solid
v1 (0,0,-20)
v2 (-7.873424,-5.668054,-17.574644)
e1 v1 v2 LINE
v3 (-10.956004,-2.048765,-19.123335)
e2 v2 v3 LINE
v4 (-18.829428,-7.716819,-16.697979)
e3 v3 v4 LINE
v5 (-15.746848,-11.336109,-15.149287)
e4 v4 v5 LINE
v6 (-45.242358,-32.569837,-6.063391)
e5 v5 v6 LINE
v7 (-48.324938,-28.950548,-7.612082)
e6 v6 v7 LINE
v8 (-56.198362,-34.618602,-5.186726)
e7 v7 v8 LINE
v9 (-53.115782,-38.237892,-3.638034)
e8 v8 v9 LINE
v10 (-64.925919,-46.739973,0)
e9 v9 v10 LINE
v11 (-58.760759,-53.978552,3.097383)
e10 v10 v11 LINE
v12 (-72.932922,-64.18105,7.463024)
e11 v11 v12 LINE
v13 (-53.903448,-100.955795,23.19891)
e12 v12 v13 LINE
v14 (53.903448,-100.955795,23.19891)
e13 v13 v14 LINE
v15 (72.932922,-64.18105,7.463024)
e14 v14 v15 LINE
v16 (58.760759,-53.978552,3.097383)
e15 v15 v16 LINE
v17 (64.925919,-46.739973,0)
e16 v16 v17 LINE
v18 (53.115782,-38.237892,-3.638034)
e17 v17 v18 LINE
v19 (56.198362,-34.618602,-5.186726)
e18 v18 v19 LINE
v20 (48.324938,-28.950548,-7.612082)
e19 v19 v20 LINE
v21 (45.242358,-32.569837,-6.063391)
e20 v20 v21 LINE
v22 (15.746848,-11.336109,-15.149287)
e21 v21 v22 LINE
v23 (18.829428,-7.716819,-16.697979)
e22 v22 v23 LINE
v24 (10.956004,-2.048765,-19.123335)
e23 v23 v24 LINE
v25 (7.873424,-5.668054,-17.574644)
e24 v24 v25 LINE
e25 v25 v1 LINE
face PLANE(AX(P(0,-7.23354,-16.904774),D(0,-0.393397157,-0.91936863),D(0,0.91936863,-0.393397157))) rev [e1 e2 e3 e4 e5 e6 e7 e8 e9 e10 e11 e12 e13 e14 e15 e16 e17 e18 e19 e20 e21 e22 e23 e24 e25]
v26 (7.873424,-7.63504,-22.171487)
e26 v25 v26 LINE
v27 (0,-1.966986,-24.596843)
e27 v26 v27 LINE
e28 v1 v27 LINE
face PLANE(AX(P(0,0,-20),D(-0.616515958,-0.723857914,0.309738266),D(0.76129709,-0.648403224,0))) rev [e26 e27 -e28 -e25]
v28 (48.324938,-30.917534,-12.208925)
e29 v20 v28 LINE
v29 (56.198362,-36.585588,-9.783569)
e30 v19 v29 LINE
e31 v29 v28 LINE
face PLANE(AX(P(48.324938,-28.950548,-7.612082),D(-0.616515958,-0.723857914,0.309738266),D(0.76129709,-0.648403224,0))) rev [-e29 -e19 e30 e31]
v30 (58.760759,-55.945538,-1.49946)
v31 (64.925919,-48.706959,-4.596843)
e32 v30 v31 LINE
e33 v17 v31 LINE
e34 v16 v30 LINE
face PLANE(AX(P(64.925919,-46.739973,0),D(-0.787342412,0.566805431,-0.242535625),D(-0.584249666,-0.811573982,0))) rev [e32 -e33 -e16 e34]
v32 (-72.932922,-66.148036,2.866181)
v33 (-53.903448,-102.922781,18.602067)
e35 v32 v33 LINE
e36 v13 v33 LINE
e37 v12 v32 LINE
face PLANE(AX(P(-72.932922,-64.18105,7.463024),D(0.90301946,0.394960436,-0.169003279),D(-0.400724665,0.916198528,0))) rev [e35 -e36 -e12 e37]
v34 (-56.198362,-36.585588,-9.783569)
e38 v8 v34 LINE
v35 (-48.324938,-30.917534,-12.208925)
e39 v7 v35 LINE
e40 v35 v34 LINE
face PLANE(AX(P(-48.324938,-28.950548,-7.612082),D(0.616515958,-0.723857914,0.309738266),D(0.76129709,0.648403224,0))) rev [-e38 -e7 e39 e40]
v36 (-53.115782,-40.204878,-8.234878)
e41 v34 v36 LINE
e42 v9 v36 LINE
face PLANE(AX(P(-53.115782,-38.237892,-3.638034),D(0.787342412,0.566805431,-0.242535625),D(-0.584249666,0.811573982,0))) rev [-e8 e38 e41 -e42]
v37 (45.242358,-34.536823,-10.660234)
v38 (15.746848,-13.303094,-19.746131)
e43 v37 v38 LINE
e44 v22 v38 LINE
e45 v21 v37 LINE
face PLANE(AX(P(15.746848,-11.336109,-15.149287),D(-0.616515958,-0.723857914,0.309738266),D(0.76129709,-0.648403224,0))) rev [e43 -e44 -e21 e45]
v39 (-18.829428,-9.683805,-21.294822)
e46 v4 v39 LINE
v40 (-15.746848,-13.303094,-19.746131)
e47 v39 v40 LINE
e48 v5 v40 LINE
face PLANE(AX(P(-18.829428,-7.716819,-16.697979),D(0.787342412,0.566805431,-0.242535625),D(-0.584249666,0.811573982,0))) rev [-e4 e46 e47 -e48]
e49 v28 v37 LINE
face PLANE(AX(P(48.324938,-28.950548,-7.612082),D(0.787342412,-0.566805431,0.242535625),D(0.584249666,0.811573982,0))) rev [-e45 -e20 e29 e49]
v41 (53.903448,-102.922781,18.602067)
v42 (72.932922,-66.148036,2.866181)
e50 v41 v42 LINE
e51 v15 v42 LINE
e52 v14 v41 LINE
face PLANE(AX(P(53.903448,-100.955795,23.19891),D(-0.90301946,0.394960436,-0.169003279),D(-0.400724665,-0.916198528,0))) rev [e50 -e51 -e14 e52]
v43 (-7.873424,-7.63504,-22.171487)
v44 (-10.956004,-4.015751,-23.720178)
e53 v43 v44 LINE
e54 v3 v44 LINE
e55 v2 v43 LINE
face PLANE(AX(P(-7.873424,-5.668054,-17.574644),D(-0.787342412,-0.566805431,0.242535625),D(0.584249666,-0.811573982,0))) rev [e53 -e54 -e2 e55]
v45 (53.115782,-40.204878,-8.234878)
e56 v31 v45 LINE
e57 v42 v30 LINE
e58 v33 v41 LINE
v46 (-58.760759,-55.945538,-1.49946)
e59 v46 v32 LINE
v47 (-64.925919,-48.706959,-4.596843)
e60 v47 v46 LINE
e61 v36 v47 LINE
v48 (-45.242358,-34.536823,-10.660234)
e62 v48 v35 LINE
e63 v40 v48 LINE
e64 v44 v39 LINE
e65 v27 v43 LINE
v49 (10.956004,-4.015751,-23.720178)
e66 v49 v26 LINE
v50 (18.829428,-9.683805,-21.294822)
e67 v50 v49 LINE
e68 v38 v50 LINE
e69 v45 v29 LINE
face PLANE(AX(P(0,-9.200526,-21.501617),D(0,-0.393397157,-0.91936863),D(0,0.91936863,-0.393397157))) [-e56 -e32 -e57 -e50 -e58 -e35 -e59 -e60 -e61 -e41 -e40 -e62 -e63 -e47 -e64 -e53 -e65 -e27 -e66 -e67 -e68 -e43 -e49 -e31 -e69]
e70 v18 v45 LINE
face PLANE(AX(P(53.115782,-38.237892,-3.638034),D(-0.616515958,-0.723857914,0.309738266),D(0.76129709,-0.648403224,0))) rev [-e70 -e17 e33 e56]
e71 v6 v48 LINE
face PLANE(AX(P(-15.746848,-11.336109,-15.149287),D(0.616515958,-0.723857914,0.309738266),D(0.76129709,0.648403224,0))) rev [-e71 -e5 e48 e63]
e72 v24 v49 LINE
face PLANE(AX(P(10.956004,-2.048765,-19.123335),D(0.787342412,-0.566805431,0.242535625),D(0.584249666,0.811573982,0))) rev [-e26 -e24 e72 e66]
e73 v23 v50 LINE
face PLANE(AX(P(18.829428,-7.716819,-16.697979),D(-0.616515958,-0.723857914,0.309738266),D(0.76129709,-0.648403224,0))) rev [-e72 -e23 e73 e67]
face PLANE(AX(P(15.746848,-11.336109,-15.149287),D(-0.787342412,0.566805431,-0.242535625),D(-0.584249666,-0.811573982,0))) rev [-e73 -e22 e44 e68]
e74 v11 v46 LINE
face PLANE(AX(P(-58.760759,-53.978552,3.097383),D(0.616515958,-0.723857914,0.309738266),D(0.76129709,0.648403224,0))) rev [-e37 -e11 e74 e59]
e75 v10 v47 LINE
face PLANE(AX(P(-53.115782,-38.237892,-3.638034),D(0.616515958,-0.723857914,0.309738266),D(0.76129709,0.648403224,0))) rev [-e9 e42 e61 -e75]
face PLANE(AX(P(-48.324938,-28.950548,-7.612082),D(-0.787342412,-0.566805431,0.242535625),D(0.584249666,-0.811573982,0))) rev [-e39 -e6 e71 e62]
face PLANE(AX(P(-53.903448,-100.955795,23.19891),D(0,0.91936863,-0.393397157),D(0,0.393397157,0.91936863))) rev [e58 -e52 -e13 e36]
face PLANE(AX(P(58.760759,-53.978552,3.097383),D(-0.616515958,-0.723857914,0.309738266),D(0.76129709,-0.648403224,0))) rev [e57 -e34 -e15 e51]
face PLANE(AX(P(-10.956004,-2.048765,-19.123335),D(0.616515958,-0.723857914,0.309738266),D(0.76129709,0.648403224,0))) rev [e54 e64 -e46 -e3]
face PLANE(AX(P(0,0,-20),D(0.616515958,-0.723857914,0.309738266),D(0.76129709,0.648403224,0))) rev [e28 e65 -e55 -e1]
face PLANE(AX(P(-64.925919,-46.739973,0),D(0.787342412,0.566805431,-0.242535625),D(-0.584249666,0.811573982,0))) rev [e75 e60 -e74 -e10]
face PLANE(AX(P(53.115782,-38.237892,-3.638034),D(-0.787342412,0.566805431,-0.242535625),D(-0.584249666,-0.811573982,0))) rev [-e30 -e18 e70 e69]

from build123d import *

# Parameters (mm, degrees)
BOSS_EXTRU_2_DEPTH = 5


with BuildPart() as part:
    # Esquisse3D1 → Boss.-Extru.2 (new body)
    with BuildSketch(Plane(origin=(0, 0, -20), x_dir=(0.440651848036545, -0.8252970730775361, 0.35314400744119906), z_dir=(0, -0.39339715689728005, -0.9193686295198118))):
        Polygon((0, 0), (2.064889772, 9.784489268), (-2.827354862, 10.816934154), (-0.76246509, 20.601423421), (4.129779544, 19.568978535), (11.865292841, 56.223742318), (6.973048207, 57.256187204), (9.037937979, 67.040676471), (13.930182613, 66.008231585), (17.027517271, 80.684965487), (26.812006539, 78.620075715), (30.528808128, 96.232156396), (74.821304729, 96.775888054), (122.326612599, 0), (94.804862198, -34.708416185), (78.59808061, -26.876415767), (74.246969266, -35.880183316), (60.741317943, -29.353516301), (58.565762271, -33.855400075), (49.561994722, -29.504288732), (51.737550394, -25.002404957), (18.007535098, -8.702222687), (15.831979426, -13.204106461), (6.828211877, -8.852995118), (9.003767549, -4.351111343), align=None)
    extrude(amount=BOSS_EXTRU_2_DEPTH)


solid = part.part
